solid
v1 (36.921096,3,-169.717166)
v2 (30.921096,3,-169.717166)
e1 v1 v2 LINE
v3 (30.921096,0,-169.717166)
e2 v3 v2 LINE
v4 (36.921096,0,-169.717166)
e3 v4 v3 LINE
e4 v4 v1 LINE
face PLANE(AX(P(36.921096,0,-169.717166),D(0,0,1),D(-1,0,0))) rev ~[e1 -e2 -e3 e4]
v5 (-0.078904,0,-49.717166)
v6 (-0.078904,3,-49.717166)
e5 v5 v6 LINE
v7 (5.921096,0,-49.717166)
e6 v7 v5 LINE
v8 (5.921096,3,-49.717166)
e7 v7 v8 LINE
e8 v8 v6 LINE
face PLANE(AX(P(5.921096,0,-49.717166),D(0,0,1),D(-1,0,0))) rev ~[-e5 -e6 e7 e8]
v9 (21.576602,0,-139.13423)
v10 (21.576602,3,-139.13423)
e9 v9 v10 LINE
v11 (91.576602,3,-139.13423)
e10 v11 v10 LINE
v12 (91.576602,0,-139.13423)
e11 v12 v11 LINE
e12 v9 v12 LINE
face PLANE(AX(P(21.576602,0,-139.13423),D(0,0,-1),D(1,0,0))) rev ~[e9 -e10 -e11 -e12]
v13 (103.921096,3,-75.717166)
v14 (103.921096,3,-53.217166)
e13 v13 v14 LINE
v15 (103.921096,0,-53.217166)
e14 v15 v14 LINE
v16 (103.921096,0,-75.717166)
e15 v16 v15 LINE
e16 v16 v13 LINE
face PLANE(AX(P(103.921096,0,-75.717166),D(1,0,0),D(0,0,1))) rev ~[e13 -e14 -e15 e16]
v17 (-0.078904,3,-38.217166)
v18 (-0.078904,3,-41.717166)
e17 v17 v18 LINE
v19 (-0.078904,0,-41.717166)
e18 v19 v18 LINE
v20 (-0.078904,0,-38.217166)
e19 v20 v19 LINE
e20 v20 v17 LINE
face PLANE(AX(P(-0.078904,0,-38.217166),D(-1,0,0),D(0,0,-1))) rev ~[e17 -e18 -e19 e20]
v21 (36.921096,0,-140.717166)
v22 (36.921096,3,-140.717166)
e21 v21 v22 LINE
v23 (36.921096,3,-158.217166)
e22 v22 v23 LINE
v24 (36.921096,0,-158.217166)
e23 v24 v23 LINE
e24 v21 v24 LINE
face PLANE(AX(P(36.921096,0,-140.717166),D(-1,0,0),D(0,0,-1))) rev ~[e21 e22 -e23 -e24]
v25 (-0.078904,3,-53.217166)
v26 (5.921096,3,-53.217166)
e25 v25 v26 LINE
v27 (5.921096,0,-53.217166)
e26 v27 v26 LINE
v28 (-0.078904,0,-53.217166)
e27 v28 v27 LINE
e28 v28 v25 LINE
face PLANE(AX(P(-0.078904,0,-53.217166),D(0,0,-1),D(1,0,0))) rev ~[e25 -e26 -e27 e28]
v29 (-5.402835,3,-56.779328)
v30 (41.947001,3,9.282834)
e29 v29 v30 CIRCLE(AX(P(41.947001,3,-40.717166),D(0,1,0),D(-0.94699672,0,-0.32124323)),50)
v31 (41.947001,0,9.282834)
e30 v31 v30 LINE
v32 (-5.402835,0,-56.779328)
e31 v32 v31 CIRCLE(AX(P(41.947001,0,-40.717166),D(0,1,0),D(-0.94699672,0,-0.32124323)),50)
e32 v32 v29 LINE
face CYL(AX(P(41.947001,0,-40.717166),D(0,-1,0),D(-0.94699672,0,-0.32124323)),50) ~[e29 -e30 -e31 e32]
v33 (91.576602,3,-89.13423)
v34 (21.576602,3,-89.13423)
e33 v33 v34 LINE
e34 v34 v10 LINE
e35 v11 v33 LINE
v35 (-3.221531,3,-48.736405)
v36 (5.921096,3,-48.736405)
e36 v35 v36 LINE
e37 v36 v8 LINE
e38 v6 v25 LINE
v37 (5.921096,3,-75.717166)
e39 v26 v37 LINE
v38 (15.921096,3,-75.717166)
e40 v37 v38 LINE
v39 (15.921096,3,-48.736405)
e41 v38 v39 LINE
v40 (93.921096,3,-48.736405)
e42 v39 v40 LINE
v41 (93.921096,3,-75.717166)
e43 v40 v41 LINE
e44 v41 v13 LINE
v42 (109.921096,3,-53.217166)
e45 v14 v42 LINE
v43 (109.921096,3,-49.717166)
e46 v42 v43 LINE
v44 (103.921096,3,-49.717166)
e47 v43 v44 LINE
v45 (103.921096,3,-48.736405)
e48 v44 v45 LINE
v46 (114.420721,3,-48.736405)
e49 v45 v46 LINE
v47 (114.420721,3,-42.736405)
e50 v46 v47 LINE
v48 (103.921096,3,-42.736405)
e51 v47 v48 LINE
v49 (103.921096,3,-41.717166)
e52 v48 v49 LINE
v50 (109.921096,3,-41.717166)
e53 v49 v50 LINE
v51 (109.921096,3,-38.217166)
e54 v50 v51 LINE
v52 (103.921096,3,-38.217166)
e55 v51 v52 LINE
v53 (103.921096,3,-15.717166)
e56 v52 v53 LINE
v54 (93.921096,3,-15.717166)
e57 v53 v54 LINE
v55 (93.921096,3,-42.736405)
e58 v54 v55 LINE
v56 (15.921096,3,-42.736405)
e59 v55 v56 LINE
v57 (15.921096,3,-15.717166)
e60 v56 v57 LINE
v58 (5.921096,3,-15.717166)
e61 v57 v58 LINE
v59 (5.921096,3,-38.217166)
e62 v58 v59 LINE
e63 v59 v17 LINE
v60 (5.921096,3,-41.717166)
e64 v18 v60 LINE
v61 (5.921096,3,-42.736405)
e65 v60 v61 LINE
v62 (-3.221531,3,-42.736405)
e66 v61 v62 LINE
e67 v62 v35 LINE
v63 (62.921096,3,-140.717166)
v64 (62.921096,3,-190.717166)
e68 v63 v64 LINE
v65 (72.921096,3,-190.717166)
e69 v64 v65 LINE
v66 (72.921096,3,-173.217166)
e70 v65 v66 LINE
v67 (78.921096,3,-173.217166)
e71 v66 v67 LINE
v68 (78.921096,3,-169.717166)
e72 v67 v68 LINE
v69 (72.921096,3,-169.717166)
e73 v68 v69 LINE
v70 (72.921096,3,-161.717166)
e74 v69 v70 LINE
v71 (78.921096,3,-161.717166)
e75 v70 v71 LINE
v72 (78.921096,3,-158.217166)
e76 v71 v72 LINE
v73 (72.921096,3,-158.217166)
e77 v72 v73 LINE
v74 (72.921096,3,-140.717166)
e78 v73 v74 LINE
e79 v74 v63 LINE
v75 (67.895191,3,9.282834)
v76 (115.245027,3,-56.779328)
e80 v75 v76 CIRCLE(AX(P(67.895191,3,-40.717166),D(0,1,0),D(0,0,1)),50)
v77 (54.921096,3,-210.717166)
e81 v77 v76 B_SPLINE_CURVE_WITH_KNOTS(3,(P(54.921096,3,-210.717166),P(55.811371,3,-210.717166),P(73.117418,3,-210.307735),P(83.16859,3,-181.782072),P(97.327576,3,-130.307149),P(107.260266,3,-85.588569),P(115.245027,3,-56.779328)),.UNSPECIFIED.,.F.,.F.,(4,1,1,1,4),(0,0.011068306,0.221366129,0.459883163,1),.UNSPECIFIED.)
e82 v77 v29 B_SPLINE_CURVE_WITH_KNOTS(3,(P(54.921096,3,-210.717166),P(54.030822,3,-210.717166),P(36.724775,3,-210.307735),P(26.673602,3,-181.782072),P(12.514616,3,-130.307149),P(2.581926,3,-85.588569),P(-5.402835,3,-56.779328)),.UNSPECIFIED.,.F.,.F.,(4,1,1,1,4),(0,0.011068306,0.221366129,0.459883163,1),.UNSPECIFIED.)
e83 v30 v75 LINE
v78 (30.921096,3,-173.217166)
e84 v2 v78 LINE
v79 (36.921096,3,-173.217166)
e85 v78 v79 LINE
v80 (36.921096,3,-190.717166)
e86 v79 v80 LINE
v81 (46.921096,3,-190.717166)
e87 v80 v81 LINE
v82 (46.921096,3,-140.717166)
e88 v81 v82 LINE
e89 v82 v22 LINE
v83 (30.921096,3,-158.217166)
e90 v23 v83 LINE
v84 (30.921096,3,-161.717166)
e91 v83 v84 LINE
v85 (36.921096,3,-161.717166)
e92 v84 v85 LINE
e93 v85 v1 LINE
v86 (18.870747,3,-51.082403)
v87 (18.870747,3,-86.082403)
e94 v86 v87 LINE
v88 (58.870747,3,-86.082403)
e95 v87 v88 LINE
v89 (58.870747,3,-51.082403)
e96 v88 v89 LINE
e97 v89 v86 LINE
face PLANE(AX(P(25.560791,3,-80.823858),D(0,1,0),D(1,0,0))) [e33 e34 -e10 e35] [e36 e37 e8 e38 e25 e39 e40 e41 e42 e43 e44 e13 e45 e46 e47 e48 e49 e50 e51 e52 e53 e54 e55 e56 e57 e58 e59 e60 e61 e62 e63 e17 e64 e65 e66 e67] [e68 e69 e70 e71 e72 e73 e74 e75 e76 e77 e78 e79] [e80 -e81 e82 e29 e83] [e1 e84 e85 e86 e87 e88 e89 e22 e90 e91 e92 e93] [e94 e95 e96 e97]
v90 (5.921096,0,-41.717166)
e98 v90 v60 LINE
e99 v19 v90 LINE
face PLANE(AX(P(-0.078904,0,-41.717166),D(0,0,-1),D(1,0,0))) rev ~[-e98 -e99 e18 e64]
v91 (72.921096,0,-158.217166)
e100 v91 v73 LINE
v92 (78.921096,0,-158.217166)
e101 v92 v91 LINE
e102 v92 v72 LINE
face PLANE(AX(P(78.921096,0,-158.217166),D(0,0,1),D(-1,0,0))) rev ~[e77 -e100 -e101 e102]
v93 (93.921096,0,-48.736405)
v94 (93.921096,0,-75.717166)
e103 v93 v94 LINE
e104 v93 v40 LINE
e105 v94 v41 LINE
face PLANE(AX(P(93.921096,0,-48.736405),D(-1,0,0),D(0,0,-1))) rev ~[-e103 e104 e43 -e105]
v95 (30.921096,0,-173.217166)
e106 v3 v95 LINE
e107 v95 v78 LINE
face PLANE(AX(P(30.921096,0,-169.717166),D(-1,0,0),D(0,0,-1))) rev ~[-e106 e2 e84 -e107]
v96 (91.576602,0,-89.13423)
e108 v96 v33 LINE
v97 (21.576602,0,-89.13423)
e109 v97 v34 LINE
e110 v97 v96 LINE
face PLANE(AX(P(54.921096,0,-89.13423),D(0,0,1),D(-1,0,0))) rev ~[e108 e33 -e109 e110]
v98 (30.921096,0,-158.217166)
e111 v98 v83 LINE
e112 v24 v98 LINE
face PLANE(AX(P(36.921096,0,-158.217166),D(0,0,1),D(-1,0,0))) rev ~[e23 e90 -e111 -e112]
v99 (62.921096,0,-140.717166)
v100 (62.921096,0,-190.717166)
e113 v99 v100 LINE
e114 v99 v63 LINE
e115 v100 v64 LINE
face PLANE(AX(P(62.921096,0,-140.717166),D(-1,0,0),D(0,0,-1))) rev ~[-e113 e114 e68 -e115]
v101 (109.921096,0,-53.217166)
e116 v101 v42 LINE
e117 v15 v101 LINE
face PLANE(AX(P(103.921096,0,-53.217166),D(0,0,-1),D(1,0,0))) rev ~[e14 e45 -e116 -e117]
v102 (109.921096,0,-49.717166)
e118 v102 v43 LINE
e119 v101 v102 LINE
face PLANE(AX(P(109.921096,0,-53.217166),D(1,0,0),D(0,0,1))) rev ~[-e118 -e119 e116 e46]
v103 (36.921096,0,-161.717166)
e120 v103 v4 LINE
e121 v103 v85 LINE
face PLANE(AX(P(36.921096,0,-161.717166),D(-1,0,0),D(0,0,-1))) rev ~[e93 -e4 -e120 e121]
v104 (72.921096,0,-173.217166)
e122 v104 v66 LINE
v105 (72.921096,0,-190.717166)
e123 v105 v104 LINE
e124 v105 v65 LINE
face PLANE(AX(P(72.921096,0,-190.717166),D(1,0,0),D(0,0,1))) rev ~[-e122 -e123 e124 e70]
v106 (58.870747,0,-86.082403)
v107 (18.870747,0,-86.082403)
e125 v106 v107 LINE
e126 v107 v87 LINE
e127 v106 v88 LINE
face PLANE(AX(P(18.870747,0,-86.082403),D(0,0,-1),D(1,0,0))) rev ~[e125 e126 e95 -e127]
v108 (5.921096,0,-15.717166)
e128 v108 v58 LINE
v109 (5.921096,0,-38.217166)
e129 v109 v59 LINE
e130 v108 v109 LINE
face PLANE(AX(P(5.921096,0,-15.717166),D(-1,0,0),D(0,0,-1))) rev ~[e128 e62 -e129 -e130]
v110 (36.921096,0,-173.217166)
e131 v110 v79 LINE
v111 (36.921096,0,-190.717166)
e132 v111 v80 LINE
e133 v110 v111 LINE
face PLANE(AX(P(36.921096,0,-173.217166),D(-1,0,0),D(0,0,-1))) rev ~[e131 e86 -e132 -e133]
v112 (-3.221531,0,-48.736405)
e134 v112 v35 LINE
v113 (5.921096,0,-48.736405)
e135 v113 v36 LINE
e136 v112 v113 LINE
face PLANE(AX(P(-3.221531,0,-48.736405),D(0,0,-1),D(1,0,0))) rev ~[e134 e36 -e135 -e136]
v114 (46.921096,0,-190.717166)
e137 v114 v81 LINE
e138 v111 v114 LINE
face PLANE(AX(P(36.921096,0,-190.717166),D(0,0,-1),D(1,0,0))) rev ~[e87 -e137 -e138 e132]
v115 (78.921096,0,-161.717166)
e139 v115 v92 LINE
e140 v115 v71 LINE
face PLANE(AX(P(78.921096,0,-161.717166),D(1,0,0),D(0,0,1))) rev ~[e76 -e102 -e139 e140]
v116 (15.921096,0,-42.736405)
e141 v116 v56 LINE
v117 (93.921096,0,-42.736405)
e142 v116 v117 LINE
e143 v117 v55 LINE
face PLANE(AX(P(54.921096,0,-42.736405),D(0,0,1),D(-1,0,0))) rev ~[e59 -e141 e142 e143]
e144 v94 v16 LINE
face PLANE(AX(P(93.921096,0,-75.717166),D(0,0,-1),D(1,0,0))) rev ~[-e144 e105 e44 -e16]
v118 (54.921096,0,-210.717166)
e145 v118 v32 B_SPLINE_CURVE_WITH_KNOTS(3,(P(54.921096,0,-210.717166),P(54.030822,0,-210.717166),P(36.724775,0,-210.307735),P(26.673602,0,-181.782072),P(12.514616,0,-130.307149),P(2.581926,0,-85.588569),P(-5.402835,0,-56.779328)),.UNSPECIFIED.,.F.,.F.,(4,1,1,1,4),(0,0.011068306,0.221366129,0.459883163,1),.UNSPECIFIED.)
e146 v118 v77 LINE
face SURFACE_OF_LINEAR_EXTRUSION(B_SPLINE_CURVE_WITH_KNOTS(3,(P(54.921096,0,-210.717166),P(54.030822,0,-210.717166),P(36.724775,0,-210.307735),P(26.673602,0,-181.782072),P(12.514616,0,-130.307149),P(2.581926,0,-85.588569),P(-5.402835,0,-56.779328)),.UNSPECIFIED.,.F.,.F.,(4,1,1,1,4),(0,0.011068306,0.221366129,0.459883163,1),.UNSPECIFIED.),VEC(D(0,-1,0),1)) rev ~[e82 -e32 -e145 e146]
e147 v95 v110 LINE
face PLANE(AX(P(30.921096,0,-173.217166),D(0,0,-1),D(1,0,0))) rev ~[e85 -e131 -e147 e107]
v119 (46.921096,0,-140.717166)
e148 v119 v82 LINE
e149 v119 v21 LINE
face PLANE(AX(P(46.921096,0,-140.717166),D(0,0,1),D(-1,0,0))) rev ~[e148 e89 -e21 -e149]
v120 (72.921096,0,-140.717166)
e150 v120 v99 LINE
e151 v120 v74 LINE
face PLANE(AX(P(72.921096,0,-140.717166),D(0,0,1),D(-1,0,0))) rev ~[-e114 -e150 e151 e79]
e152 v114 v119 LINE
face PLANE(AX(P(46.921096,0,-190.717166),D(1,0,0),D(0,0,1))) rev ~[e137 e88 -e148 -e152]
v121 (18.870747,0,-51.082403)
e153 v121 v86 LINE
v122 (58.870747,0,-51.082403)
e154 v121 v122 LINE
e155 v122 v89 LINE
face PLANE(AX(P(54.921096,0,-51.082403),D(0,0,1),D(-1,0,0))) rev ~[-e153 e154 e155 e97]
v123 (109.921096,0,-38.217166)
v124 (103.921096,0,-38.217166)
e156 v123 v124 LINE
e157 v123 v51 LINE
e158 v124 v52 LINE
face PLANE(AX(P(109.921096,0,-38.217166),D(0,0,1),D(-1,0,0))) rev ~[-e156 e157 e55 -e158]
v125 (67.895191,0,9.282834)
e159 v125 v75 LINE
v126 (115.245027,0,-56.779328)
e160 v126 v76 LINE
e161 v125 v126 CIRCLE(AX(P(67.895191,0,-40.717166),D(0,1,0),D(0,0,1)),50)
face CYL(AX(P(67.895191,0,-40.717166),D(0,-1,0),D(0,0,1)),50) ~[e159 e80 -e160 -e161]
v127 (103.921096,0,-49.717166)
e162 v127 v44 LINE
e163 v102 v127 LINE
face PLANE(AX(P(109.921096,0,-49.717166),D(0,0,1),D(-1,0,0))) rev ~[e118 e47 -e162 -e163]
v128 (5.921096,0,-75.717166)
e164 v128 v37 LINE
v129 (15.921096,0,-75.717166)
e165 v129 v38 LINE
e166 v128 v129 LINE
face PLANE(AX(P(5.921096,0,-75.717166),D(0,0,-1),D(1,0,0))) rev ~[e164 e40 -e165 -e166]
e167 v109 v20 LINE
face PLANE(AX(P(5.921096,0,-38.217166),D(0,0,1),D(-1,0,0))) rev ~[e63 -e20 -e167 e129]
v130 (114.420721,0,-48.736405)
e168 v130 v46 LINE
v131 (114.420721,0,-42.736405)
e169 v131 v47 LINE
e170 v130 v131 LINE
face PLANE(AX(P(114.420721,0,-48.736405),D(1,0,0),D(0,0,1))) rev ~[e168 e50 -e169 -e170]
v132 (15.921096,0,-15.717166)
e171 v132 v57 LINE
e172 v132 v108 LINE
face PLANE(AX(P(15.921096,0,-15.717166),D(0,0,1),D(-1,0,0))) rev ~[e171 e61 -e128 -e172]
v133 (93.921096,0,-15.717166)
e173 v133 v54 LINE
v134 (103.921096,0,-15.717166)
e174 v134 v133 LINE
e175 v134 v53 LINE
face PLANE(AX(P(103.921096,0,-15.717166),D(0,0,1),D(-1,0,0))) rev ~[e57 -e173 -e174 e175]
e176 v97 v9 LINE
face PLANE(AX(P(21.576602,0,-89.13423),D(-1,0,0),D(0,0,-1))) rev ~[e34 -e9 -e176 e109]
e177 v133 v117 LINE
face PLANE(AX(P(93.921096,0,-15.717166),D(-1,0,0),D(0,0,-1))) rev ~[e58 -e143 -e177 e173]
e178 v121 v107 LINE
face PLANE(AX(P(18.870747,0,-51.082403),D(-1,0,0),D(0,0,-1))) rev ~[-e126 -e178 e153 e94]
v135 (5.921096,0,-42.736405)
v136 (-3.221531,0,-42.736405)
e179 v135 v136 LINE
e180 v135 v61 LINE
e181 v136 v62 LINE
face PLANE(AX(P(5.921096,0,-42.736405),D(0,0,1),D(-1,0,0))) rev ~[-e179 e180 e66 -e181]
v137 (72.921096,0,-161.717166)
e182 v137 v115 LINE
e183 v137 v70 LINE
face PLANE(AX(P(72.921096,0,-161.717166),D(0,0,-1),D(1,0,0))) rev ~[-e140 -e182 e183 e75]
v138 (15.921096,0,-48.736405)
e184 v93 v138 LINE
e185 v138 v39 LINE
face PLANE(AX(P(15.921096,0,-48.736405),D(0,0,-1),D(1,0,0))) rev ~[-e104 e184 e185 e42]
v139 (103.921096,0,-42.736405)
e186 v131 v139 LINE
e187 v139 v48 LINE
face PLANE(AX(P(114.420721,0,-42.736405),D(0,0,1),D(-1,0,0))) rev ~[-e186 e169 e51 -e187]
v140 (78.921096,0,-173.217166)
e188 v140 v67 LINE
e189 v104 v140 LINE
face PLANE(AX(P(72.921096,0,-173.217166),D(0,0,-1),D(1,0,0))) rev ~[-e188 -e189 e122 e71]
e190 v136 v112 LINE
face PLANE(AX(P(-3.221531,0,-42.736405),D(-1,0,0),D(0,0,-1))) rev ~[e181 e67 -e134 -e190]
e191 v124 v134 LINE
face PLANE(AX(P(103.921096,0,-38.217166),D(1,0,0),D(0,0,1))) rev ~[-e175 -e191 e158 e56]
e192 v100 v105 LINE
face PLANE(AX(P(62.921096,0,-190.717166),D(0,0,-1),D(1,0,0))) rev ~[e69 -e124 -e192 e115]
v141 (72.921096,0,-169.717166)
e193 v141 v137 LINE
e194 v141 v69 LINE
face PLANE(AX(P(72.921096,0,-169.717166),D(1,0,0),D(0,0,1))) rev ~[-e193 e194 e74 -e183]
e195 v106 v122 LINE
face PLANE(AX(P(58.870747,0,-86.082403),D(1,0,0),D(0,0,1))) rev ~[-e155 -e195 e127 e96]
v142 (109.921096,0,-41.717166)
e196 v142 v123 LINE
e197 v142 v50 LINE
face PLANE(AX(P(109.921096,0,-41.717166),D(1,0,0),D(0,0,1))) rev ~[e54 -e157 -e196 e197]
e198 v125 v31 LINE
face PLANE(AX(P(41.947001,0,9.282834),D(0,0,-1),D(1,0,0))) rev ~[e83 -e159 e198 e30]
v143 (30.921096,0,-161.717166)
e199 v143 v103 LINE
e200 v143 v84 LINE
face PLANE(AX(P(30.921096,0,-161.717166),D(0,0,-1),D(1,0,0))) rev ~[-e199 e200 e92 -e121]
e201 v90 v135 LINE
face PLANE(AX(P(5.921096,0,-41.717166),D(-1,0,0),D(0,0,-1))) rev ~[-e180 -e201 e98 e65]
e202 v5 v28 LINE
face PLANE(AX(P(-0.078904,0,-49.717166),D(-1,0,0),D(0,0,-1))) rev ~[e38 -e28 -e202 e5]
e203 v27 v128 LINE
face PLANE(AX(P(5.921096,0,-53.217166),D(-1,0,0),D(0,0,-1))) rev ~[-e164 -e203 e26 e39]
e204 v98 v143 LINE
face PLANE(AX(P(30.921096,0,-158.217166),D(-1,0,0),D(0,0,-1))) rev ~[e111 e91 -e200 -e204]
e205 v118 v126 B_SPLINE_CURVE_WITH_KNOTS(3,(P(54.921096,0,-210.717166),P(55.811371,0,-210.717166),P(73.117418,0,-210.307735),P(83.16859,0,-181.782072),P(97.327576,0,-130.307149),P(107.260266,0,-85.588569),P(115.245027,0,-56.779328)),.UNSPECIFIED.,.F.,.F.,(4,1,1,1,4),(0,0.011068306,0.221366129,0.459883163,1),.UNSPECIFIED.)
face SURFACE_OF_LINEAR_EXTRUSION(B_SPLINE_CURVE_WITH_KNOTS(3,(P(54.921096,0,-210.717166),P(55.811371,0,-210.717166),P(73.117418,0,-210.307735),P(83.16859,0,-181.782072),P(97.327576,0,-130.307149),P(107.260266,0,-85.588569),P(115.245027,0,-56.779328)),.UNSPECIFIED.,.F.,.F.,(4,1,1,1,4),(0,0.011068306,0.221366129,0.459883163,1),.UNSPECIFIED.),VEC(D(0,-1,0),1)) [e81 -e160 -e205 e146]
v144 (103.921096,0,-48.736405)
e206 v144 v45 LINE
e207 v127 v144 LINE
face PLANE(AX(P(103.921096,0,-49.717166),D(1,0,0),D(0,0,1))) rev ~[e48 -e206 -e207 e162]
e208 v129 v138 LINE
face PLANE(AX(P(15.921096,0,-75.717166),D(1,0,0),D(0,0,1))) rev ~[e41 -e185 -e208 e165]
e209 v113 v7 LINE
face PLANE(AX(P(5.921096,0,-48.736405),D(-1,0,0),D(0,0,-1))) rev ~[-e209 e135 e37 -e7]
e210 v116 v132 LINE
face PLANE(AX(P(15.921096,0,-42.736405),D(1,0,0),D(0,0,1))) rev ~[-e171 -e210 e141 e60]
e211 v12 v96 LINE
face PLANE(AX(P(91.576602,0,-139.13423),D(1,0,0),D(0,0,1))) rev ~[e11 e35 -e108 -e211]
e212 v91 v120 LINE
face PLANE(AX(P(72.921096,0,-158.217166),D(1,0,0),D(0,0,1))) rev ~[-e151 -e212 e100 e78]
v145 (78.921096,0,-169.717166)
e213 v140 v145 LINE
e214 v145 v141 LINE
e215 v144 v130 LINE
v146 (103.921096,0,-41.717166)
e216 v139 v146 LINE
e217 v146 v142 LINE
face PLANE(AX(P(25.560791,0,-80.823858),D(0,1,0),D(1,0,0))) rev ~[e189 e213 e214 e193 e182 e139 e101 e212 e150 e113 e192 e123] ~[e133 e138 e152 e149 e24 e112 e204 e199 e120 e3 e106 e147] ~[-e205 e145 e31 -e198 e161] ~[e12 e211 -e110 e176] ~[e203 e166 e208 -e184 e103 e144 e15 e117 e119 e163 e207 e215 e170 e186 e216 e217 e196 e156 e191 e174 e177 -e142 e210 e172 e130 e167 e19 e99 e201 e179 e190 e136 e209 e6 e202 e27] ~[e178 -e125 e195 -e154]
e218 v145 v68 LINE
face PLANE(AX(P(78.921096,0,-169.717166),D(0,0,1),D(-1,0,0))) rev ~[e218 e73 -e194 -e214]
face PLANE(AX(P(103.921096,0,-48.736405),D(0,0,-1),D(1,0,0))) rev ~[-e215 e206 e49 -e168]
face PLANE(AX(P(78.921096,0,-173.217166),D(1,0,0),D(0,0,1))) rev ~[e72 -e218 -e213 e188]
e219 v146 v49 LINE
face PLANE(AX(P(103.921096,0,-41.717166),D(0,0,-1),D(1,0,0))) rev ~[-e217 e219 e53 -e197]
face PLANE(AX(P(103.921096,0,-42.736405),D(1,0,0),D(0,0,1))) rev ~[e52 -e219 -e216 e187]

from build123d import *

# Parameters (mm, degrees)
BOSS_EXTRUDE1_DEPTH = 3


with BuildPart() as part:
    # Sketch1 → Boss-Extrude1 (new body)
    # profile 1 of 2: a face of its own
    with BuildSketch(Plane(origin=(0, 0, 0), x_dir=(1, 0, 0), z_dir=(0, 1, 0))):
        with BuildLine():
            add(Edge.make_bspline(
                [(54.921096163, 210.717166197), (55.81137082, 210.717166197), (73.117417783, 210.307734869), (83.16859041, 181.782071598), (97.327576281, 130.307148929), (107.260265849, 85.588568729), (115.245027355, 56.779327706)],
                knots=[0, 0, 0, 0, 0.011068306, 0.221366129, 0.459883163, 1, 1, 1, 1], degree=3))
            Line((54.921096163, 210.717166197), (54.921096163, 139.134229743))
            Line((54.921096163, 139.134229743), (91.576602309, 139.134229743))
            Line((91.576602309, 139.134229743), (91.576602309, 89.134229743))
            Line((91.576602309, 89.134229743), (54.921096163, 89.134229743))
            Line((54.921096163, 89.134229743), (54.921096163, 86.082402682))
            Line((54.921096163, 86.082402682), (58.870747079, 86.082402682))
            Line((58.870747079, 86.082402682), (58.870747079, 51.082402682))
            Line((58.870747079, 51.082402682), (54.921096163, 51.082402682))
            Line((54.921096163, 51.082402682), (54.921096163, 48.736405384))
            Line((54.921096163, 48.736405384), (93.921096163, 48.736405384))
            Line((93.921096163, 48.736405384), (93.921096163, 75.717166197))
            Line((93.921096163, 75.717166197), (103.921096163, 75.717166197))
            Line((103.921096163, 75.717166197), (103.921096163, 53.217166197))
            Line((103.921096163, 53.217166197), (109.921096163, 53.217166197))
            Line((109.921096163, 53.217166197), (109.921096163, 49.717166197))
            Line((109.921096163, 49.717166197), (103.921096163, 49.717166197))
            Line((103.921096163, 49.717166197), (103.921096163, 48.736405384))
            Line((103.921096163, 48.736405384), (114.420720505, 48.736405384))
            Line((114.420720505, 48.736405384), (114.420720505, 42.736405384))
            Line((114.420720505, 42.736405384), (103.921096163, 42.736405384))
            Line((103.921096163, 42.736405384), (103.921096163, 41.717166197))
            Line((103.921096163, 41.717166197), (109.921096163, 41.717166197))
            Line((109.921096163, 41.717166197), (109.921096163, 38.217166197))
            Line((109.921096163, 38.217166197), (103.921096163, 38.217166197))
            Line((103.921096163, 38.217166197), (103.921096163, 15.717166197))
            Line((103.921096163, 15.717166197), (93.921096163, 15.717166197))
            Line((93.921096163, 15.717166197), (93.921096163, 42.736405384))
            Line((93.921096163, 42.736405384), (54.921096163, 42.736405384))
            Line((54.921096163, 42.736405384), (54.921096163, -9.282833803))
            Line((54.921096163, -9.282833803), (64.921096163, -9.282833803))
            Line((64.921096163, -9.282833803), (67.895191372, -9.282833803))
            ThreePointArc((67.895191372, -9.282833803), (108.534507775, 11.589070443), (115.245027355, 56.779327706))
        make_face()
        Polygon((72.921096163, 161.717166197), (78.921096163, 161.717166197), (78.921096163, 158.217166197), (72.921096163, 158.217166197), (72.921096163, 140.717166197), (62.921096163, 140.717166197), (62.921096163, 190.717166197), (72.921096163, 190.717166197), (72.921096163, 173.217166197), (78.921096163, 173.217166197), (78.921096163, 169.717166197), (72.921096163, 169.717166197), align=None, mode=Mode.SUBTRACT)
    # profile 2 of 2: a face of its own
    with BuildSketch(Plane(origin=(0, 0, 0), x_dir=(1, 0, 0), z_dir=(0, 1, 0))):
        with BuildLine():
            Line((54.921096163, 139.134229743), (54.921096163, 210.717166197))
            add(Edge.make_bspline(
                [(54.921096163, 210.717166197), (54.030821506, 210.717166197), (36.724774544, 210.307734869), (26.673601916, 181.782071598), (12.514616045, 130.307148929), (2.581926477, 85.588568729), (-5.402835029, 56.779327706)],
                knots=[0, 0, 0, 0, 0.011068306, 0.221366129, 0.459883163, 1, 1, 1, 1], degree=3))
            ThreePointArc((-5.402835029, 56.779327706), (1.307684551, 11.589070443), (41.947000955, -9.282833803))
            Line((41.947000955, -9.282833803), (44.921096163, -9.282833803))
            Line((44.921096163, -9.282833803), (54.921096163, -9.282833803))
            Line((54.921096163, -9.282833803), (54.921096163, 42.736405384))
            Line((54.921096163, 42.736405384), (15.921096163, 42.736405384))
            Line((15.921096163, 42.736405384), (15.921096163, 15.717166197))
            Line((15.921096163, 15.717166197), (5.921096163, 15.717166197))
            Line((5.921096163, 15.717166197), (5.921096163, 38.217166197))
            Line((5.921096163, 38.217166197), (-0.078903837, 38.217166197))
            Line((-0.078903837, 38.217166197), (-0.078903837, 41.717166197))
            Line((-0.078903837, 41.717166197), (5.921096163, 41.717166197))
            Line((5.921096163, 41.717166197), (5.921096163, 42.736405384))
            Line((5.921096163, 42.736405384), (-3.221531429, 42.736405384))
            Line((-3.221531429, 42.736405384), (-3.221531429, 48.736405384))
            Line((-3.221531429, 48.736405384), (5.921096163, 48.736405384))
            Line((5.921096163, 48.736405384), (5.921096163, 49.717166197))
            Line((5.921096163, 49.717166197), (-0.078903837, 49.717166197))
            Line((-0.078903837, 49.717166197), (-0.078903837, 53.217166197))
            Line((-0.078903837, 53.217166197), (5.921096163, 53.217166197))
            Line((5.921096163, 53.217166197), (5.921096163, 75.717166197))
            Line((5.921096163, 75.717166197), (15.921096163, 75.717166197))
            Line((15.921096163, 75.717166197), (15.921096163, 48.736405384))
            Line((15.921096163, 48.736405384), (54.921096163, 48.736405384))
            Line((54.921096163, 48.736405384), (54.921096163, 51.082402682))
            Line((54.921096163, 51.082402682), (18.870747079, 51.082402682))
            Line((18.870747079, 51.082402682), (18.870747079, 86.082402682))
            Line((18.870747079, 86.082402682), (54.921096163, 86.082402682))
            Line((54.921096163, 86.082402682), (54.921096163, 89.134229743))
            Line((54.921096163, 89.134229743), (21.576602309, 89.134229743))
            Line((21.576602309, 89.134229743), (21.576602309, 139.134229743))
            Line((21.576602309, 139.134229743), (54.921096163, 139.134229743))
        make_face()
        Polygon((30.921096163, 169.717166197), (30.921096163, 173.217166197), (36.921096163, 173.217166197), (36.921096163, 190.717166197), (46.921096163, 190.717166197), (46.921096163, 140.717166197), (36.921096163, 140.717166197), (36.921096163, 158.217166197), (30.921096163, 158.217166197), (30.921096163, 161.717166197), (36.921096163, 161.717166197), (36.921096163, 169.717166197), align=None, mode=Mode.SUBTRACT)
    extrude(amount=BOSS_EXTRUDE1_DEPTH)


solid = part.part
